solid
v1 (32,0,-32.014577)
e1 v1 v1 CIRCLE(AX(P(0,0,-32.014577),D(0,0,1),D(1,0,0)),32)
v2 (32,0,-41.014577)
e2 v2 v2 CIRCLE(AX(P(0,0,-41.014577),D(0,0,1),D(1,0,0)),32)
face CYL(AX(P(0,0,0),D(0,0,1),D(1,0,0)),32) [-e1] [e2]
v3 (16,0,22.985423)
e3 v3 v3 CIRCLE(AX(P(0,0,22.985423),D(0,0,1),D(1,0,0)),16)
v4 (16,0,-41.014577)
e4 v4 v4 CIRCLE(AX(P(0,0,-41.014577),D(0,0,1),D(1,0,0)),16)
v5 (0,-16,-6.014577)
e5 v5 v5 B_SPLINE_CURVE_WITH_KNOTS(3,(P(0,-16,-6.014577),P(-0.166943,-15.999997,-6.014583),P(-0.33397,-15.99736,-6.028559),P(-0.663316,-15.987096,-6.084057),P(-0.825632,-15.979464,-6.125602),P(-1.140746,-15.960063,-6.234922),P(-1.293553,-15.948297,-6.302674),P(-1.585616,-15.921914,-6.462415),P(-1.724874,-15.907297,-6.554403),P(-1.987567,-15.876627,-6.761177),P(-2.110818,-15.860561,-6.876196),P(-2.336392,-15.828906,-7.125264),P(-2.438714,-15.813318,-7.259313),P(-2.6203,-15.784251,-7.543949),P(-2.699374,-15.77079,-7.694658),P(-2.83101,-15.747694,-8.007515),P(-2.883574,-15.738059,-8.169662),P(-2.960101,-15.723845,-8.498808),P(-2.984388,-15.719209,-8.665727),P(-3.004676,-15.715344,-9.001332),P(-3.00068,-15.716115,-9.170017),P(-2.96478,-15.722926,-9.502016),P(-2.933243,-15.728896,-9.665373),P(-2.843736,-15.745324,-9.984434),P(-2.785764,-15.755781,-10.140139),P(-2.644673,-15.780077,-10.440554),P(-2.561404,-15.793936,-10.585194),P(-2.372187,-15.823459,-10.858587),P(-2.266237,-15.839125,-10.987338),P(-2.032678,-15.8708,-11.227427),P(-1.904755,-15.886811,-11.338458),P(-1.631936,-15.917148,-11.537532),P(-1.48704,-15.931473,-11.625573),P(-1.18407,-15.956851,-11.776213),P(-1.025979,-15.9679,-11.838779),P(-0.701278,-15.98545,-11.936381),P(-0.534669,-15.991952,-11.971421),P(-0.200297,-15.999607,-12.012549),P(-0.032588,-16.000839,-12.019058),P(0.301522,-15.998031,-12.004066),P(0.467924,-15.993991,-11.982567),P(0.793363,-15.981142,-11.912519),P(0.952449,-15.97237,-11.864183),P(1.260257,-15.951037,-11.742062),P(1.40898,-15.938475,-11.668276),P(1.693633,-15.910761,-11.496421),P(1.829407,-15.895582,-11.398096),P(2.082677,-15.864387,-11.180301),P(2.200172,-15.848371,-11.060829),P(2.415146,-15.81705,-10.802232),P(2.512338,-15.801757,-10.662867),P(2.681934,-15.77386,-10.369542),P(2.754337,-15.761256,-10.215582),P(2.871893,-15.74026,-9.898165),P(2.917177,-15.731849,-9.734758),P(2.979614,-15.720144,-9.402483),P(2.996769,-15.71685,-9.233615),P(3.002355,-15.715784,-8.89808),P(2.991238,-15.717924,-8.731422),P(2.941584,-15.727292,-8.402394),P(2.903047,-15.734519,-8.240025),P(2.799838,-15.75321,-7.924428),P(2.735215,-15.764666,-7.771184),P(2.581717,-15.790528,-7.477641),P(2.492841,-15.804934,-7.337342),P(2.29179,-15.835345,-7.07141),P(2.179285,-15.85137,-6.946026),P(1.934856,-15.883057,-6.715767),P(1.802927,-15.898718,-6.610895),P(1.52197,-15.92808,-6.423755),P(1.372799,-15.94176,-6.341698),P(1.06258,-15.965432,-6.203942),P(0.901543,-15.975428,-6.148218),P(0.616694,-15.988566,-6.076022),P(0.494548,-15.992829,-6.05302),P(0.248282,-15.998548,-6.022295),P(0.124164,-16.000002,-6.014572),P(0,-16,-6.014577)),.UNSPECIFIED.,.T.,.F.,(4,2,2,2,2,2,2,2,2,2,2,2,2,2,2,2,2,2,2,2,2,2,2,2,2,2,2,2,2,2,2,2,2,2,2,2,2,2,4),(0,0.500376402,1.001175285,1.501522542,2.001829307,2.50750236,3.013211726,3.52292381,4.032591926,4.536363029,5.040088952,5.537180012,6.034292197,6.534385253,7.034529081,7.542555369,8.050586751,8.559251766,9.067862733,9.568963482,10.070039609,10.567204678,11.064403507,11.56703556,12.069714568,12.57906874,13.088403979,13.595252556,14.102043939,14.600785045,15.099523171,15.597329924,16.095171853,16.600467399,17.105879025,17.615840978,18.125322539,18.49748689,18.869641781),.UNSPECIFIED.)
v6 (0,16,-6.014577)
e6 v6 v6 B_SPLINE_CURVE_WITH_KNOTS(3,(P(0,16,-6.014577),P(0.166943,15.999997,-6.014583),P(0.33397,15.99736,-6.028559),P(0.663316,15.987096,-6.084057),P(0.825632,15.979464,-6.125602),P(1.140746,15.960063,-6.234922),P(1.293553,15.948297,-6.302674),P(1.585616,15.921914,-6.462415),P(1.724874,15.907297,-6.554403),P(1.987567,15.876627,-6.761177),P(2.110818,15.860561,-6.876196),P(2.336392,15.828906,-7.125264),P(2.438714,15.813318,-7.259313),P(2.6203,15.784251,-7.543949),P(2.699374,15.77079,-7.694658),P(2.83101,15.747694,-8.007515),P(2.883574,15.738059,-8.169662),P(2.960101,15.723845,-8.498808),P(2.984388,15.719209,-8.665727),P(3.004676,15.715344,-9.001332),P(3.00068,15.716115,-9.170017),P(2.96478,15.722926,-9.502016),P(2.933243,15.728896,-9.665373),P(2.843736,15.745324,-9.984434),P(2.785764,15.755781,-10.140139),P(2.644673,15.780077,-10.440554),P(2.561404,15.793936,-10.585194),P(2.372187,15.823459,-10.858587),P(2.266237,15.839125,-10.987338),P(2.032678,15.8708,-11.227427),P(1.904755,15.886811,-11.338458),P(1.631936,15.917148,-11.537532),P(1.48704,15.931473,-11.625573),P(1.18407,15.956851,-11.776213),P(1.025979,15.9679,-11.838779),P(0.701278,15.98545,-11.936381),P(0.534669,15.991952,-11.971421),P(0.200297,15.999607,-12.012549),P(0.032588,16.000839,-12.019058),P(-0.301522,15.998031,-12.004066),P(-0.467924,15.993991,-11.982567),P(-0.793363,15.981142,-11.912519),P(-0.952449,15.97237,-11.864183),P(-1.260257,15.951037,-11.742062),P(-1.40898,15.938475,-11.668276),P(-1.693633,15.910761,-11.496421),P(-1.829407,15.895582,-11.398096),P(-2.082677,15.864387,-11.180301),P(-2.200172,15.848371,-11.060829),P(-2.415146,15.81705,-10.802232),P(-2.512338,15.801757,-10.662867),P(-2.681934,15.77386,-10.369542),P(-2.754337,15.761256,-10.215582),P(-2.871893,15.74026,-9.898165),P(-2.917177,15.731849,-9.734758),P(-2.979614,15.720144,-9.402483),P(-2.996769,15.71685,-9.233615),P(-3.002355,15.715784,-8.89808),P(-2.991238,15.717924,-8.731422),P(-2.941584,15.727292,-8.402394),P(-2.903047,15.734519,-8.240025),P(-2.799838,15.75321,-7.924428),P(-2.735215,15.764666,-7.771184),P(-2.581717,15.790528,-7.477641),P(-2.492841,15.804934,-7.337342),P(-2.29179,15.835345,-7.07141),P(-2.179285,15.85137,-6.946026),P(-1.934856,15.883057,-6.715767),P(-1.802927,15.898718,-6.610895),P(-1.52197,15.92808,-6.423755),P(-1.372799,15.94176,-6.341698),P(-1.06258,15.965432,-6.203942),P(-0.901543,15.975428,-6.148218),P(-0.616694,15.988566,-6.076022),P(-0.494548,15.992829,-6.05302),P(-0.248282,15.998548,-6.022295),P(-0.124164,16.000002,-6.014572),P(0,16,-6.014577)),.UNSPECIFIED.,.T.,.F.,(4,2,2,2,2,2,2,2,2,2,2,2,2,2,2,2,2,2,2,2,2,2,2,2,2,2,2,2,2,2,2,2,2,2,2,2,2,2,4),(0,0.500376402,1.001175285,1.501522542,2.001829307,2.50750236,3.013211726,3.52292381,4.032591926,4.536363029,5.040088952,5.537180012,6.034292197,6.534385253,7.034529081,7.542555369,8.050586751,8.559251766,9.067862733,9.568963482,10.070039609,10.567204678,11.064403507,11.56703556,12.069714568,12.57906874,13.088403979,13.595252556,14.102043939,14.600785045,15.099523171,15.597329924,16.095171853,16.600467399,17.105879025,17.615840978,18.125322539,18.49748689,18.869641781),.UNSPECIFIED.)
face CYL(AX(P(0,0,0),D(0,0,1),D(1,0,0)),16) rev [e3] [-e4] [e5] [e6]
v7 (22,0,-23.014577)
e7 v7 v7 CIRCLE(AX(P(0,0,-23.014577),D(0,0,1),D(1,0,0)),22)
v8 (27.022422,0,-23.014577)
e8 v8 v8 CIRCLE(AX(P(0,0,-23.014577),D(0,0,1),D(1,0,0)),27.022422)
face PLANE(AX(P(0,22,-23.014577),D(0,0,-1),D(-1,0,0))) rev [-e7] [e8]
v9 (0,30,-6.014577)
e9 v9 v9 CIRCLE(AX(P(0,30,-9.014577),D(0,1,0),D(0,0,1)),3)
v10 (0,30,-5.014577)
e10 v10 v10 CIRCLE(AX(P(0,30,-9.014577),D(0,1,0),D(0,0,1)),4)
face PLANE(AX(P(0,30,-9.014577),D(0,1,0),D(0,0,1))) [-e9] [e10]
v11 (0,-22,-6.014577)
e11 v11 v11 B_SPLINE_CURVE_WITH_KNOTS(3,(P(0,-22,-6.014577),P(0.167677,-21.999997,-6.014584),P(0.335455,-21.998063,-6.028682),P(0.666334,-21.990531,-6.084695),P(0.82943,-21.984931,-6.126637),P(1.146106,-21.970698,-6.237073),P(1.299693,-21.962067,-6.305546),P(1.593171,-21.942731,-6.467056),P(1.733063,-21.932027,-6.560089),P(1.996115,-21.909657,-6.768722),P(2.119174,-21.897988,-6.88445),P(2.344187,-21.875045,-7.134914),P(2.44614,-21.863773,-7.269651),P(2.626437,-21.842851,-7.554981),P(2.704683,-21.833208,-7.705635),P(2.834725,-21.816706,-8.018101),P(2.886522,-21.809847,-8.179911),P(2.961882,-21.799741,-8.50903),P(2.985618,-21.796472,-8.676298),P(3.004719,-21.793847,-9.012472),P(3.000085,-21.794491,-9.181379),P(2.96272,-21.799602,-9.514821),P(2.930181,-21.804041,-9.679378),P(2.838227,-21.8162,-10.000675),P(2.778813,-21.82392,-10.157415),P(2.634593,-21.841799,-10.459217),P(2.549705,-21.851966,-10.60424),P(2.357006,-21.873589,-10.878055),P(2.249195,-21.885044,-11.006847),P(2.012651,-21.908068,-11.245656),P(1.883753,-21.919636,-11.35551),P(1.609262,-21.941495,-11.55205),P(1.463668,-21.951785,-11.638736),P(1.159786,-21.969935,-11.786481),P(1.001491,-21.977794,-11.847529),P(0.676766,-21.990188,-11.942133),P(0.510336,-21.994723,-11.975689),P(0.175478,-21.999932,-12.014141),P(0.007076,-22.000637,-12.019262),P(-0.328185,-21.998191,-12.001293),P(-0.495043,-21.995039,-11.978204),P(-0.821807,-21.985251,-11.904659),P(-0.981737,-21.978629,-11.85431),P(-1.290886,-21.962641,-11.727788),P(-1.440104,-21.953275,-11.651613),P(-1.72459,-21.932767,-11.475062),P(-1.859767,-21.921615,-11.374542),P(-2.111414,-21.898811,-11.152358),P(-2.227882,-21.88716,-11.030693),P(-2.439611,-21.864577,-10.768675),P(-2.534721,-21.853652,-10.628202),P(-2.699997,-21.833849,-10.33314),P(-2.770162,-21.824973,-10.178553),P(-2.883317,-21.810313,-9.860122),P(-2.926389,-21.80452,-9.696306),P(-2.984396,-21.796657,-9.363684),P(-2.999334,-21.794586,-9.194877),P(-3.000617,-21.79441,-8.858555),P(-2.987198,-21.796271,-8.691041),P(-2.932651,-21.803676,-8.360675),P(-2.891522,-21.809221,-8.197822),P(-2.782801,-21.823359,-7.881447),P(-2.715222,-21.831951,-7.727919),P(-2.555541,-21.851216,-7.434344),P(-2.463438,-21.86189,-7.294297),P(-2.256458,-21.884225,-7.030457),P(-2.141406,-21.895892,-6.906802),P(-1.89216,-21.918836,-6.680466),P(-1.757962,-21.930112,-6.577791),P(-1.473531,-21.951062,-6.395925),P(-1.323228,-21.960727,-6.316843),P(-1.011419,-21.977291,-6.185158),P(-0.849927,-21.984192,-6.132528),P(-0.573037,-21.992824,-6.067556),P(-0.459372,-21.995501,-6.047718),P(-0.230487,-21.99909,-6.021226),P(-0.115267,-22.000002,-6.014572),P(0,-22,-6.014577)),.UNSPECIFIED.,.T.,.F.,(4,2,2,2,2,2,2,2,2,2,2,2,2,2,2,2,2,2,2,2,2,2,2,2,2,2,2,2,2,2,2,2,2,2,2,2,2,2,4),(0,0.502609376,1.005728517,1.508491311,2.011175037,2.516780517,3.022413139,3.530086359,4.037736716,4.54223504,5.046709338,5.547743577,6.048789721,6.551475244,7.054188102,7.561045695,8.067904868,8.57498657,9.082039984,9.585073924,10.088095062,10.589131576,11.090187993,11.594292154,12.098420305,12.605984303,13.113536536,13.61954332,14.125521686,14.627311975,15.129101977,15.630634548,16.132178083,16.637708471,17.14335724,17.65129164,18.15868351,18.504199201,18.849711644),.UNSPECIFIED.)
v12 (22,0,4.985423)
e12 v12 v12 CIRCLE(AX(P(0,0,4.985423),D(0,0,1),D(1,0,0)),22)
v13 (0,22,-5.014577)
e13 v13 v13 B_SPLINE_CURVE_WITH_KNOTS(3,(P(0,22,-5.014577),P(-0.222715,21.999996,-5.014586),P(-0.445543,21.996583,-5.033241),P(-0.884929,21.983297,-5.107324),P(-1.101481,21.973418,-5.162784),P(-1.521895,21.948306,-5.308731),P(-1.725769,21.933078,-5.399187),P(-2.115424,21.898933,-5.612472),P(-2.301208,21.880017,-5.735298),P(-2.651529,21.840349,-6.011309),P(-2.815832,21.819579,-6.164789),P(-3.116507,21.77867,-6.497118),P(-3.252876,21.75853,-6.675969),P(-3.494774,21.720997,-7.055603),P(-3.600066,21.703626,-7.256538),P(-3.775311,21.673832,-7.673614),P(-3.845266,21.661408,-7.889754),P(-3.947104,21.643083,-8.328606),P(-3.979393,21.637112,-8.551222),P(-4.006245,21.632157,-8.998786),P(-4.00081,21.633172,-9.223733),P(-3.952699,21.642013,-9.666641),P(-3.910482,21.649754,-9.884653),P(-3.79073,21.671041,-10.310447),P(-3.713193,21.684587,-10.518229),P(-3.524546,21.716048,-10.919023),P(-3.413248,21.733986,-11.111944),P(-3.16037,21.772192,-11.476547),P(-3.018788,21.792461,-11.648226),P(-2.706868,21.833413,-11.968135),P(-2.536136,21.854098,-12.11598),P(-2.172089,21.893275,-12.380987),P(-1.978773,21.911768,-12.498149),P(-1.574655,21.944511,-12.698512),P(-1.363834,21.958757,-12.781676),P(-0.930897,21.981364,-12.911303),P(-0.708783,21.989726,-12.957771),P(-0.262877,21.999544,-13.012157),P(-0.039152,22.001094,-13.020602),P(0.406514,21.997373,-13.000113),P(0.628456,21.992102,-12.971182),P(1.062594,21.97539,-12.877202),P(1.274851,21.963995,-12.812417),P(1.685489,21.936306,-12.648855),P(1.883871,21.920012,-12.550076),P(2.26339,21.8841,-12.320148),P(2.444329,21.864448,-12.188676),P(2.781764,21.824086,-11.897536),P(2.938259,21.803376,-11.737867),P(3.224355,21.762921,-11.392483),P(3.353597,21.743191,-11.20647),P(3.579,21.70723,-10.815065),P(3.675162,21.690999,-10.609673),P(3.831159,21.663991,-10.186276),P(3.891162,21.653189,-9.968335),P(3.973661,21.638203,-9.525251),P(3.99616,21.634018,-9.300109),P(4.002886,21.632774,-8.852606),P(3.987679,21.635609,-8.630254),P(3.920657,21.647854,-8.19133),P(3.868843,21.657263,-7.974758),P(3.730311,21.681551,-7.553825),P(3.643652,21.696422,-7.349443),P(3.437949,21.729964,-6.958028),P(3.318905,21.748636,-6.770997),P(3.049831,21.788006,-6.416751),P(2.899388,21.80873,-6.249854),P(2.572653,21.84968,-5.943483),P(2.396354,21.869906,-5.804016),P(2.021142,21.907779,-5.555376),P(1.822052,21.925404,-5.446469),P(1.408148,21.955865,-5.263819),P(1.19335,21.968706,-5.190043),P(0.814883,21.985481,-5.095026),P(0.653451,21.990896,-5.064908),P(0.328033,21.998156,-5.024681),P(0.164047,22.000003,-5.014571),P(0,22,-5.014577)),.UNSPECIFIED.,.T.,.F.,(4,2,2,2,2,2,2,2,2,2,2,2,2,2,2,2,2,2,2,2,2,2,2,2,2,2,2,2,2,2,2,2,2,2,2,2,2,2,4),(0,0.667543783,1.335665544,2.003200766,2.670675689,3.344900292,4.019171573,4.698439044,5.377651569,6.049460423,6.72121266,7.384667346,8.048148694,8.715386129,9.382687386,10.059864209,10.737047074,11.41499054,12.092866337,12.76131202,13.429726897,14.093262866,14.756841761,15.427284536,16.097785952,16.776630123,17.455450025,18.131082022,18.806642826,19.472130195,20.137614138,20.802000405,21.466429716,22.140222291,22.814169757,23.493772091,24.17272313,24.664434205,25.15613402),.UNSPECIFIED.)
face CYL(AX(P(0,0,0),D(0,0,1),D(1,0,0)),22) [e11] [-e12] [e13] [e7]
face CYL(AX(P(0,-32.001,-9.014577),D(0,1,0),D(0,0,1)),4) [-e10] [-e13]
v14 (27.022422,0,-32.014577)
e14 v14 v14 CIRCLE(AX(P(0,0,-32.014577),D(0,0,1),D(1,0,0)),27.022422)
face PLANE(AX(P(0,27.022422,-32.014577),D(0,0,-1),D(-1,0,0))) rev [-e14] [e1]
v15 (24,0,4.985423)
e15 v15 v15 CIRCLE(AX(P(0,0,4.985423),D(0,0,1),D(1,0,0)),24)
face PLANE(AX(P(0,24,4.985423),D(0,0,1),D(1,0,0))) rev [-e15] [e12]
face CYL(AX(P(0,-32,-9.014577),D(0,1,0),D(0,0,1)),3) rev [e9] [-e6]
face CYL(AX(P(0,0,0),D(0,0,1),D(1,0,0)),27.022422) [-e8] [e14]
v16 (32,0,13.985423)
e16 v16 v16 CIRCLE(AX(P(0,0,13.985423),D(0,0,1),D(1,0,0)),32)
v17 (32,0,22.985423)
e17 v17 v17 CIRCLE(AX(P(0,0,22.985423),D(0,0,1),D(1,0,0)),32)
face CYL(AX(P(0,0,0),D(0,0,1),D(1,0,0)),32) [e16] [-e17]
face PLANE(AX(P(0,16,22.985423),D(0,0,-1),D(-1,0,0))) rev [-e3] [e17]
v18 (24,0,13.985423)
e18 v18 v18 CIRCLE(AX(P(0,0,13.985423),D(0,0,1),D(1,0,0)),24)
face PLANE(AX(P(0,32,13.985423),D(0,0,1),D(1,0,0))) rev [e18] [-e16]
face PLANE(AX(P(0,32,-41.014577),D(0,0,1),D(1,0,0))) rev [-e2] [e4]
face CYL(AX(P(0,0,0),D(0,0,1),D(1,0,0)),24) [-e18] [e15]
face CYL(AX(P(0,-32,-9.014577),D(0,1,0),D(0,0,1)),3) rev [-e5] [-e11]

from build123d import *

# Parameters (mm, degrees)
BOSS_EXTRUDE1_START     = 22
SKETCH3_R               = 4
BOSS_EXTRUDE1_DEPTH     = 8
BOSS_EXTRUDE2_START     = -2e-06
SKETCH4_R               = 4
BOSS_EXTRUDE2_DEPTH     = 0.366694
SKETCH2_R               = 3
CUT_EXTRUDE2_DEPTH      = 33
CUT_EXTRUDE2_DEPTH_BACK = 33


with BuildPart() as part:
    # Sketch1 → Revolve1 (revolve)
    with BuildSketch(Plane(origin=(0, 0, 0), x_dir=(0, 0, -1), z_dir=(1, 0, 0))):
        Polygon((-22.985422917, 16), (-22.985422917, 32), (-13.985422917, 32), (-13.985422917, 24), (-4.985422917, 24), (-4.985422917, 22), (23.014577083, 22), (23.014577083, 27.022421525), (32.014577083, 27.022421525), (32.014577083, 32), (41.014577083, 32), (41.014577083, 16), align=None)
    revolve(axis=Axis((0, 0, 0), (0, 0, -1)))



with BuildPart() as body_2:
    # Sketch3 → Boss-Extrude1 (new body)
    with BuildSketch(Plane(origin=(0, 0, 0), x_dir=(1, 0, 0), z_dir=(0, 1, 0)).offset(BOSS_EXTRUDE1_START)):
        with Locations((0, 9.014577083)):
            Circle(SKETCH3_R)
    extrude(amount=BOSS_EXTRUDE1_DEPTH)


with BuildPart() as part_1:
    add(part.part)

    add(body_2.part)  # Boss-Extrude2 merges body 2
    # Sketch4 → Boss-Extrude2 (add)
    with BuildSketch(Plane.XZ.offset(-22).offset(BOSS_EXTRUDE2_START)):
        with Locations((0, -9.014577083)):
            Circle(SKETCH4_R)
    extrude(amount=BOSS_EXTRUDE2_DEPTH)

    # Sketch2 → Cut-Extrude2 (cut, two sides)
    with BuildSketch(Plane(origin=(0, 0, 0), x_dir=(1, 0, 0), z_dir=(0, 1, 0))) as cut_extrude2_sk:
        with Locations((0, 9.014577083)):
            Circle(SKETCH2_R)
    extrude(amount=CUT_EXTRUDE2_DEPTH, mode=Mode.SUBTRACT)
    extrude(cut_extrude2_sk.sketch, amount=-CUT_EXTRUDE2_DEPTH_BACK, mode=Mode.SUBTRACT)


solid = part_1.part
